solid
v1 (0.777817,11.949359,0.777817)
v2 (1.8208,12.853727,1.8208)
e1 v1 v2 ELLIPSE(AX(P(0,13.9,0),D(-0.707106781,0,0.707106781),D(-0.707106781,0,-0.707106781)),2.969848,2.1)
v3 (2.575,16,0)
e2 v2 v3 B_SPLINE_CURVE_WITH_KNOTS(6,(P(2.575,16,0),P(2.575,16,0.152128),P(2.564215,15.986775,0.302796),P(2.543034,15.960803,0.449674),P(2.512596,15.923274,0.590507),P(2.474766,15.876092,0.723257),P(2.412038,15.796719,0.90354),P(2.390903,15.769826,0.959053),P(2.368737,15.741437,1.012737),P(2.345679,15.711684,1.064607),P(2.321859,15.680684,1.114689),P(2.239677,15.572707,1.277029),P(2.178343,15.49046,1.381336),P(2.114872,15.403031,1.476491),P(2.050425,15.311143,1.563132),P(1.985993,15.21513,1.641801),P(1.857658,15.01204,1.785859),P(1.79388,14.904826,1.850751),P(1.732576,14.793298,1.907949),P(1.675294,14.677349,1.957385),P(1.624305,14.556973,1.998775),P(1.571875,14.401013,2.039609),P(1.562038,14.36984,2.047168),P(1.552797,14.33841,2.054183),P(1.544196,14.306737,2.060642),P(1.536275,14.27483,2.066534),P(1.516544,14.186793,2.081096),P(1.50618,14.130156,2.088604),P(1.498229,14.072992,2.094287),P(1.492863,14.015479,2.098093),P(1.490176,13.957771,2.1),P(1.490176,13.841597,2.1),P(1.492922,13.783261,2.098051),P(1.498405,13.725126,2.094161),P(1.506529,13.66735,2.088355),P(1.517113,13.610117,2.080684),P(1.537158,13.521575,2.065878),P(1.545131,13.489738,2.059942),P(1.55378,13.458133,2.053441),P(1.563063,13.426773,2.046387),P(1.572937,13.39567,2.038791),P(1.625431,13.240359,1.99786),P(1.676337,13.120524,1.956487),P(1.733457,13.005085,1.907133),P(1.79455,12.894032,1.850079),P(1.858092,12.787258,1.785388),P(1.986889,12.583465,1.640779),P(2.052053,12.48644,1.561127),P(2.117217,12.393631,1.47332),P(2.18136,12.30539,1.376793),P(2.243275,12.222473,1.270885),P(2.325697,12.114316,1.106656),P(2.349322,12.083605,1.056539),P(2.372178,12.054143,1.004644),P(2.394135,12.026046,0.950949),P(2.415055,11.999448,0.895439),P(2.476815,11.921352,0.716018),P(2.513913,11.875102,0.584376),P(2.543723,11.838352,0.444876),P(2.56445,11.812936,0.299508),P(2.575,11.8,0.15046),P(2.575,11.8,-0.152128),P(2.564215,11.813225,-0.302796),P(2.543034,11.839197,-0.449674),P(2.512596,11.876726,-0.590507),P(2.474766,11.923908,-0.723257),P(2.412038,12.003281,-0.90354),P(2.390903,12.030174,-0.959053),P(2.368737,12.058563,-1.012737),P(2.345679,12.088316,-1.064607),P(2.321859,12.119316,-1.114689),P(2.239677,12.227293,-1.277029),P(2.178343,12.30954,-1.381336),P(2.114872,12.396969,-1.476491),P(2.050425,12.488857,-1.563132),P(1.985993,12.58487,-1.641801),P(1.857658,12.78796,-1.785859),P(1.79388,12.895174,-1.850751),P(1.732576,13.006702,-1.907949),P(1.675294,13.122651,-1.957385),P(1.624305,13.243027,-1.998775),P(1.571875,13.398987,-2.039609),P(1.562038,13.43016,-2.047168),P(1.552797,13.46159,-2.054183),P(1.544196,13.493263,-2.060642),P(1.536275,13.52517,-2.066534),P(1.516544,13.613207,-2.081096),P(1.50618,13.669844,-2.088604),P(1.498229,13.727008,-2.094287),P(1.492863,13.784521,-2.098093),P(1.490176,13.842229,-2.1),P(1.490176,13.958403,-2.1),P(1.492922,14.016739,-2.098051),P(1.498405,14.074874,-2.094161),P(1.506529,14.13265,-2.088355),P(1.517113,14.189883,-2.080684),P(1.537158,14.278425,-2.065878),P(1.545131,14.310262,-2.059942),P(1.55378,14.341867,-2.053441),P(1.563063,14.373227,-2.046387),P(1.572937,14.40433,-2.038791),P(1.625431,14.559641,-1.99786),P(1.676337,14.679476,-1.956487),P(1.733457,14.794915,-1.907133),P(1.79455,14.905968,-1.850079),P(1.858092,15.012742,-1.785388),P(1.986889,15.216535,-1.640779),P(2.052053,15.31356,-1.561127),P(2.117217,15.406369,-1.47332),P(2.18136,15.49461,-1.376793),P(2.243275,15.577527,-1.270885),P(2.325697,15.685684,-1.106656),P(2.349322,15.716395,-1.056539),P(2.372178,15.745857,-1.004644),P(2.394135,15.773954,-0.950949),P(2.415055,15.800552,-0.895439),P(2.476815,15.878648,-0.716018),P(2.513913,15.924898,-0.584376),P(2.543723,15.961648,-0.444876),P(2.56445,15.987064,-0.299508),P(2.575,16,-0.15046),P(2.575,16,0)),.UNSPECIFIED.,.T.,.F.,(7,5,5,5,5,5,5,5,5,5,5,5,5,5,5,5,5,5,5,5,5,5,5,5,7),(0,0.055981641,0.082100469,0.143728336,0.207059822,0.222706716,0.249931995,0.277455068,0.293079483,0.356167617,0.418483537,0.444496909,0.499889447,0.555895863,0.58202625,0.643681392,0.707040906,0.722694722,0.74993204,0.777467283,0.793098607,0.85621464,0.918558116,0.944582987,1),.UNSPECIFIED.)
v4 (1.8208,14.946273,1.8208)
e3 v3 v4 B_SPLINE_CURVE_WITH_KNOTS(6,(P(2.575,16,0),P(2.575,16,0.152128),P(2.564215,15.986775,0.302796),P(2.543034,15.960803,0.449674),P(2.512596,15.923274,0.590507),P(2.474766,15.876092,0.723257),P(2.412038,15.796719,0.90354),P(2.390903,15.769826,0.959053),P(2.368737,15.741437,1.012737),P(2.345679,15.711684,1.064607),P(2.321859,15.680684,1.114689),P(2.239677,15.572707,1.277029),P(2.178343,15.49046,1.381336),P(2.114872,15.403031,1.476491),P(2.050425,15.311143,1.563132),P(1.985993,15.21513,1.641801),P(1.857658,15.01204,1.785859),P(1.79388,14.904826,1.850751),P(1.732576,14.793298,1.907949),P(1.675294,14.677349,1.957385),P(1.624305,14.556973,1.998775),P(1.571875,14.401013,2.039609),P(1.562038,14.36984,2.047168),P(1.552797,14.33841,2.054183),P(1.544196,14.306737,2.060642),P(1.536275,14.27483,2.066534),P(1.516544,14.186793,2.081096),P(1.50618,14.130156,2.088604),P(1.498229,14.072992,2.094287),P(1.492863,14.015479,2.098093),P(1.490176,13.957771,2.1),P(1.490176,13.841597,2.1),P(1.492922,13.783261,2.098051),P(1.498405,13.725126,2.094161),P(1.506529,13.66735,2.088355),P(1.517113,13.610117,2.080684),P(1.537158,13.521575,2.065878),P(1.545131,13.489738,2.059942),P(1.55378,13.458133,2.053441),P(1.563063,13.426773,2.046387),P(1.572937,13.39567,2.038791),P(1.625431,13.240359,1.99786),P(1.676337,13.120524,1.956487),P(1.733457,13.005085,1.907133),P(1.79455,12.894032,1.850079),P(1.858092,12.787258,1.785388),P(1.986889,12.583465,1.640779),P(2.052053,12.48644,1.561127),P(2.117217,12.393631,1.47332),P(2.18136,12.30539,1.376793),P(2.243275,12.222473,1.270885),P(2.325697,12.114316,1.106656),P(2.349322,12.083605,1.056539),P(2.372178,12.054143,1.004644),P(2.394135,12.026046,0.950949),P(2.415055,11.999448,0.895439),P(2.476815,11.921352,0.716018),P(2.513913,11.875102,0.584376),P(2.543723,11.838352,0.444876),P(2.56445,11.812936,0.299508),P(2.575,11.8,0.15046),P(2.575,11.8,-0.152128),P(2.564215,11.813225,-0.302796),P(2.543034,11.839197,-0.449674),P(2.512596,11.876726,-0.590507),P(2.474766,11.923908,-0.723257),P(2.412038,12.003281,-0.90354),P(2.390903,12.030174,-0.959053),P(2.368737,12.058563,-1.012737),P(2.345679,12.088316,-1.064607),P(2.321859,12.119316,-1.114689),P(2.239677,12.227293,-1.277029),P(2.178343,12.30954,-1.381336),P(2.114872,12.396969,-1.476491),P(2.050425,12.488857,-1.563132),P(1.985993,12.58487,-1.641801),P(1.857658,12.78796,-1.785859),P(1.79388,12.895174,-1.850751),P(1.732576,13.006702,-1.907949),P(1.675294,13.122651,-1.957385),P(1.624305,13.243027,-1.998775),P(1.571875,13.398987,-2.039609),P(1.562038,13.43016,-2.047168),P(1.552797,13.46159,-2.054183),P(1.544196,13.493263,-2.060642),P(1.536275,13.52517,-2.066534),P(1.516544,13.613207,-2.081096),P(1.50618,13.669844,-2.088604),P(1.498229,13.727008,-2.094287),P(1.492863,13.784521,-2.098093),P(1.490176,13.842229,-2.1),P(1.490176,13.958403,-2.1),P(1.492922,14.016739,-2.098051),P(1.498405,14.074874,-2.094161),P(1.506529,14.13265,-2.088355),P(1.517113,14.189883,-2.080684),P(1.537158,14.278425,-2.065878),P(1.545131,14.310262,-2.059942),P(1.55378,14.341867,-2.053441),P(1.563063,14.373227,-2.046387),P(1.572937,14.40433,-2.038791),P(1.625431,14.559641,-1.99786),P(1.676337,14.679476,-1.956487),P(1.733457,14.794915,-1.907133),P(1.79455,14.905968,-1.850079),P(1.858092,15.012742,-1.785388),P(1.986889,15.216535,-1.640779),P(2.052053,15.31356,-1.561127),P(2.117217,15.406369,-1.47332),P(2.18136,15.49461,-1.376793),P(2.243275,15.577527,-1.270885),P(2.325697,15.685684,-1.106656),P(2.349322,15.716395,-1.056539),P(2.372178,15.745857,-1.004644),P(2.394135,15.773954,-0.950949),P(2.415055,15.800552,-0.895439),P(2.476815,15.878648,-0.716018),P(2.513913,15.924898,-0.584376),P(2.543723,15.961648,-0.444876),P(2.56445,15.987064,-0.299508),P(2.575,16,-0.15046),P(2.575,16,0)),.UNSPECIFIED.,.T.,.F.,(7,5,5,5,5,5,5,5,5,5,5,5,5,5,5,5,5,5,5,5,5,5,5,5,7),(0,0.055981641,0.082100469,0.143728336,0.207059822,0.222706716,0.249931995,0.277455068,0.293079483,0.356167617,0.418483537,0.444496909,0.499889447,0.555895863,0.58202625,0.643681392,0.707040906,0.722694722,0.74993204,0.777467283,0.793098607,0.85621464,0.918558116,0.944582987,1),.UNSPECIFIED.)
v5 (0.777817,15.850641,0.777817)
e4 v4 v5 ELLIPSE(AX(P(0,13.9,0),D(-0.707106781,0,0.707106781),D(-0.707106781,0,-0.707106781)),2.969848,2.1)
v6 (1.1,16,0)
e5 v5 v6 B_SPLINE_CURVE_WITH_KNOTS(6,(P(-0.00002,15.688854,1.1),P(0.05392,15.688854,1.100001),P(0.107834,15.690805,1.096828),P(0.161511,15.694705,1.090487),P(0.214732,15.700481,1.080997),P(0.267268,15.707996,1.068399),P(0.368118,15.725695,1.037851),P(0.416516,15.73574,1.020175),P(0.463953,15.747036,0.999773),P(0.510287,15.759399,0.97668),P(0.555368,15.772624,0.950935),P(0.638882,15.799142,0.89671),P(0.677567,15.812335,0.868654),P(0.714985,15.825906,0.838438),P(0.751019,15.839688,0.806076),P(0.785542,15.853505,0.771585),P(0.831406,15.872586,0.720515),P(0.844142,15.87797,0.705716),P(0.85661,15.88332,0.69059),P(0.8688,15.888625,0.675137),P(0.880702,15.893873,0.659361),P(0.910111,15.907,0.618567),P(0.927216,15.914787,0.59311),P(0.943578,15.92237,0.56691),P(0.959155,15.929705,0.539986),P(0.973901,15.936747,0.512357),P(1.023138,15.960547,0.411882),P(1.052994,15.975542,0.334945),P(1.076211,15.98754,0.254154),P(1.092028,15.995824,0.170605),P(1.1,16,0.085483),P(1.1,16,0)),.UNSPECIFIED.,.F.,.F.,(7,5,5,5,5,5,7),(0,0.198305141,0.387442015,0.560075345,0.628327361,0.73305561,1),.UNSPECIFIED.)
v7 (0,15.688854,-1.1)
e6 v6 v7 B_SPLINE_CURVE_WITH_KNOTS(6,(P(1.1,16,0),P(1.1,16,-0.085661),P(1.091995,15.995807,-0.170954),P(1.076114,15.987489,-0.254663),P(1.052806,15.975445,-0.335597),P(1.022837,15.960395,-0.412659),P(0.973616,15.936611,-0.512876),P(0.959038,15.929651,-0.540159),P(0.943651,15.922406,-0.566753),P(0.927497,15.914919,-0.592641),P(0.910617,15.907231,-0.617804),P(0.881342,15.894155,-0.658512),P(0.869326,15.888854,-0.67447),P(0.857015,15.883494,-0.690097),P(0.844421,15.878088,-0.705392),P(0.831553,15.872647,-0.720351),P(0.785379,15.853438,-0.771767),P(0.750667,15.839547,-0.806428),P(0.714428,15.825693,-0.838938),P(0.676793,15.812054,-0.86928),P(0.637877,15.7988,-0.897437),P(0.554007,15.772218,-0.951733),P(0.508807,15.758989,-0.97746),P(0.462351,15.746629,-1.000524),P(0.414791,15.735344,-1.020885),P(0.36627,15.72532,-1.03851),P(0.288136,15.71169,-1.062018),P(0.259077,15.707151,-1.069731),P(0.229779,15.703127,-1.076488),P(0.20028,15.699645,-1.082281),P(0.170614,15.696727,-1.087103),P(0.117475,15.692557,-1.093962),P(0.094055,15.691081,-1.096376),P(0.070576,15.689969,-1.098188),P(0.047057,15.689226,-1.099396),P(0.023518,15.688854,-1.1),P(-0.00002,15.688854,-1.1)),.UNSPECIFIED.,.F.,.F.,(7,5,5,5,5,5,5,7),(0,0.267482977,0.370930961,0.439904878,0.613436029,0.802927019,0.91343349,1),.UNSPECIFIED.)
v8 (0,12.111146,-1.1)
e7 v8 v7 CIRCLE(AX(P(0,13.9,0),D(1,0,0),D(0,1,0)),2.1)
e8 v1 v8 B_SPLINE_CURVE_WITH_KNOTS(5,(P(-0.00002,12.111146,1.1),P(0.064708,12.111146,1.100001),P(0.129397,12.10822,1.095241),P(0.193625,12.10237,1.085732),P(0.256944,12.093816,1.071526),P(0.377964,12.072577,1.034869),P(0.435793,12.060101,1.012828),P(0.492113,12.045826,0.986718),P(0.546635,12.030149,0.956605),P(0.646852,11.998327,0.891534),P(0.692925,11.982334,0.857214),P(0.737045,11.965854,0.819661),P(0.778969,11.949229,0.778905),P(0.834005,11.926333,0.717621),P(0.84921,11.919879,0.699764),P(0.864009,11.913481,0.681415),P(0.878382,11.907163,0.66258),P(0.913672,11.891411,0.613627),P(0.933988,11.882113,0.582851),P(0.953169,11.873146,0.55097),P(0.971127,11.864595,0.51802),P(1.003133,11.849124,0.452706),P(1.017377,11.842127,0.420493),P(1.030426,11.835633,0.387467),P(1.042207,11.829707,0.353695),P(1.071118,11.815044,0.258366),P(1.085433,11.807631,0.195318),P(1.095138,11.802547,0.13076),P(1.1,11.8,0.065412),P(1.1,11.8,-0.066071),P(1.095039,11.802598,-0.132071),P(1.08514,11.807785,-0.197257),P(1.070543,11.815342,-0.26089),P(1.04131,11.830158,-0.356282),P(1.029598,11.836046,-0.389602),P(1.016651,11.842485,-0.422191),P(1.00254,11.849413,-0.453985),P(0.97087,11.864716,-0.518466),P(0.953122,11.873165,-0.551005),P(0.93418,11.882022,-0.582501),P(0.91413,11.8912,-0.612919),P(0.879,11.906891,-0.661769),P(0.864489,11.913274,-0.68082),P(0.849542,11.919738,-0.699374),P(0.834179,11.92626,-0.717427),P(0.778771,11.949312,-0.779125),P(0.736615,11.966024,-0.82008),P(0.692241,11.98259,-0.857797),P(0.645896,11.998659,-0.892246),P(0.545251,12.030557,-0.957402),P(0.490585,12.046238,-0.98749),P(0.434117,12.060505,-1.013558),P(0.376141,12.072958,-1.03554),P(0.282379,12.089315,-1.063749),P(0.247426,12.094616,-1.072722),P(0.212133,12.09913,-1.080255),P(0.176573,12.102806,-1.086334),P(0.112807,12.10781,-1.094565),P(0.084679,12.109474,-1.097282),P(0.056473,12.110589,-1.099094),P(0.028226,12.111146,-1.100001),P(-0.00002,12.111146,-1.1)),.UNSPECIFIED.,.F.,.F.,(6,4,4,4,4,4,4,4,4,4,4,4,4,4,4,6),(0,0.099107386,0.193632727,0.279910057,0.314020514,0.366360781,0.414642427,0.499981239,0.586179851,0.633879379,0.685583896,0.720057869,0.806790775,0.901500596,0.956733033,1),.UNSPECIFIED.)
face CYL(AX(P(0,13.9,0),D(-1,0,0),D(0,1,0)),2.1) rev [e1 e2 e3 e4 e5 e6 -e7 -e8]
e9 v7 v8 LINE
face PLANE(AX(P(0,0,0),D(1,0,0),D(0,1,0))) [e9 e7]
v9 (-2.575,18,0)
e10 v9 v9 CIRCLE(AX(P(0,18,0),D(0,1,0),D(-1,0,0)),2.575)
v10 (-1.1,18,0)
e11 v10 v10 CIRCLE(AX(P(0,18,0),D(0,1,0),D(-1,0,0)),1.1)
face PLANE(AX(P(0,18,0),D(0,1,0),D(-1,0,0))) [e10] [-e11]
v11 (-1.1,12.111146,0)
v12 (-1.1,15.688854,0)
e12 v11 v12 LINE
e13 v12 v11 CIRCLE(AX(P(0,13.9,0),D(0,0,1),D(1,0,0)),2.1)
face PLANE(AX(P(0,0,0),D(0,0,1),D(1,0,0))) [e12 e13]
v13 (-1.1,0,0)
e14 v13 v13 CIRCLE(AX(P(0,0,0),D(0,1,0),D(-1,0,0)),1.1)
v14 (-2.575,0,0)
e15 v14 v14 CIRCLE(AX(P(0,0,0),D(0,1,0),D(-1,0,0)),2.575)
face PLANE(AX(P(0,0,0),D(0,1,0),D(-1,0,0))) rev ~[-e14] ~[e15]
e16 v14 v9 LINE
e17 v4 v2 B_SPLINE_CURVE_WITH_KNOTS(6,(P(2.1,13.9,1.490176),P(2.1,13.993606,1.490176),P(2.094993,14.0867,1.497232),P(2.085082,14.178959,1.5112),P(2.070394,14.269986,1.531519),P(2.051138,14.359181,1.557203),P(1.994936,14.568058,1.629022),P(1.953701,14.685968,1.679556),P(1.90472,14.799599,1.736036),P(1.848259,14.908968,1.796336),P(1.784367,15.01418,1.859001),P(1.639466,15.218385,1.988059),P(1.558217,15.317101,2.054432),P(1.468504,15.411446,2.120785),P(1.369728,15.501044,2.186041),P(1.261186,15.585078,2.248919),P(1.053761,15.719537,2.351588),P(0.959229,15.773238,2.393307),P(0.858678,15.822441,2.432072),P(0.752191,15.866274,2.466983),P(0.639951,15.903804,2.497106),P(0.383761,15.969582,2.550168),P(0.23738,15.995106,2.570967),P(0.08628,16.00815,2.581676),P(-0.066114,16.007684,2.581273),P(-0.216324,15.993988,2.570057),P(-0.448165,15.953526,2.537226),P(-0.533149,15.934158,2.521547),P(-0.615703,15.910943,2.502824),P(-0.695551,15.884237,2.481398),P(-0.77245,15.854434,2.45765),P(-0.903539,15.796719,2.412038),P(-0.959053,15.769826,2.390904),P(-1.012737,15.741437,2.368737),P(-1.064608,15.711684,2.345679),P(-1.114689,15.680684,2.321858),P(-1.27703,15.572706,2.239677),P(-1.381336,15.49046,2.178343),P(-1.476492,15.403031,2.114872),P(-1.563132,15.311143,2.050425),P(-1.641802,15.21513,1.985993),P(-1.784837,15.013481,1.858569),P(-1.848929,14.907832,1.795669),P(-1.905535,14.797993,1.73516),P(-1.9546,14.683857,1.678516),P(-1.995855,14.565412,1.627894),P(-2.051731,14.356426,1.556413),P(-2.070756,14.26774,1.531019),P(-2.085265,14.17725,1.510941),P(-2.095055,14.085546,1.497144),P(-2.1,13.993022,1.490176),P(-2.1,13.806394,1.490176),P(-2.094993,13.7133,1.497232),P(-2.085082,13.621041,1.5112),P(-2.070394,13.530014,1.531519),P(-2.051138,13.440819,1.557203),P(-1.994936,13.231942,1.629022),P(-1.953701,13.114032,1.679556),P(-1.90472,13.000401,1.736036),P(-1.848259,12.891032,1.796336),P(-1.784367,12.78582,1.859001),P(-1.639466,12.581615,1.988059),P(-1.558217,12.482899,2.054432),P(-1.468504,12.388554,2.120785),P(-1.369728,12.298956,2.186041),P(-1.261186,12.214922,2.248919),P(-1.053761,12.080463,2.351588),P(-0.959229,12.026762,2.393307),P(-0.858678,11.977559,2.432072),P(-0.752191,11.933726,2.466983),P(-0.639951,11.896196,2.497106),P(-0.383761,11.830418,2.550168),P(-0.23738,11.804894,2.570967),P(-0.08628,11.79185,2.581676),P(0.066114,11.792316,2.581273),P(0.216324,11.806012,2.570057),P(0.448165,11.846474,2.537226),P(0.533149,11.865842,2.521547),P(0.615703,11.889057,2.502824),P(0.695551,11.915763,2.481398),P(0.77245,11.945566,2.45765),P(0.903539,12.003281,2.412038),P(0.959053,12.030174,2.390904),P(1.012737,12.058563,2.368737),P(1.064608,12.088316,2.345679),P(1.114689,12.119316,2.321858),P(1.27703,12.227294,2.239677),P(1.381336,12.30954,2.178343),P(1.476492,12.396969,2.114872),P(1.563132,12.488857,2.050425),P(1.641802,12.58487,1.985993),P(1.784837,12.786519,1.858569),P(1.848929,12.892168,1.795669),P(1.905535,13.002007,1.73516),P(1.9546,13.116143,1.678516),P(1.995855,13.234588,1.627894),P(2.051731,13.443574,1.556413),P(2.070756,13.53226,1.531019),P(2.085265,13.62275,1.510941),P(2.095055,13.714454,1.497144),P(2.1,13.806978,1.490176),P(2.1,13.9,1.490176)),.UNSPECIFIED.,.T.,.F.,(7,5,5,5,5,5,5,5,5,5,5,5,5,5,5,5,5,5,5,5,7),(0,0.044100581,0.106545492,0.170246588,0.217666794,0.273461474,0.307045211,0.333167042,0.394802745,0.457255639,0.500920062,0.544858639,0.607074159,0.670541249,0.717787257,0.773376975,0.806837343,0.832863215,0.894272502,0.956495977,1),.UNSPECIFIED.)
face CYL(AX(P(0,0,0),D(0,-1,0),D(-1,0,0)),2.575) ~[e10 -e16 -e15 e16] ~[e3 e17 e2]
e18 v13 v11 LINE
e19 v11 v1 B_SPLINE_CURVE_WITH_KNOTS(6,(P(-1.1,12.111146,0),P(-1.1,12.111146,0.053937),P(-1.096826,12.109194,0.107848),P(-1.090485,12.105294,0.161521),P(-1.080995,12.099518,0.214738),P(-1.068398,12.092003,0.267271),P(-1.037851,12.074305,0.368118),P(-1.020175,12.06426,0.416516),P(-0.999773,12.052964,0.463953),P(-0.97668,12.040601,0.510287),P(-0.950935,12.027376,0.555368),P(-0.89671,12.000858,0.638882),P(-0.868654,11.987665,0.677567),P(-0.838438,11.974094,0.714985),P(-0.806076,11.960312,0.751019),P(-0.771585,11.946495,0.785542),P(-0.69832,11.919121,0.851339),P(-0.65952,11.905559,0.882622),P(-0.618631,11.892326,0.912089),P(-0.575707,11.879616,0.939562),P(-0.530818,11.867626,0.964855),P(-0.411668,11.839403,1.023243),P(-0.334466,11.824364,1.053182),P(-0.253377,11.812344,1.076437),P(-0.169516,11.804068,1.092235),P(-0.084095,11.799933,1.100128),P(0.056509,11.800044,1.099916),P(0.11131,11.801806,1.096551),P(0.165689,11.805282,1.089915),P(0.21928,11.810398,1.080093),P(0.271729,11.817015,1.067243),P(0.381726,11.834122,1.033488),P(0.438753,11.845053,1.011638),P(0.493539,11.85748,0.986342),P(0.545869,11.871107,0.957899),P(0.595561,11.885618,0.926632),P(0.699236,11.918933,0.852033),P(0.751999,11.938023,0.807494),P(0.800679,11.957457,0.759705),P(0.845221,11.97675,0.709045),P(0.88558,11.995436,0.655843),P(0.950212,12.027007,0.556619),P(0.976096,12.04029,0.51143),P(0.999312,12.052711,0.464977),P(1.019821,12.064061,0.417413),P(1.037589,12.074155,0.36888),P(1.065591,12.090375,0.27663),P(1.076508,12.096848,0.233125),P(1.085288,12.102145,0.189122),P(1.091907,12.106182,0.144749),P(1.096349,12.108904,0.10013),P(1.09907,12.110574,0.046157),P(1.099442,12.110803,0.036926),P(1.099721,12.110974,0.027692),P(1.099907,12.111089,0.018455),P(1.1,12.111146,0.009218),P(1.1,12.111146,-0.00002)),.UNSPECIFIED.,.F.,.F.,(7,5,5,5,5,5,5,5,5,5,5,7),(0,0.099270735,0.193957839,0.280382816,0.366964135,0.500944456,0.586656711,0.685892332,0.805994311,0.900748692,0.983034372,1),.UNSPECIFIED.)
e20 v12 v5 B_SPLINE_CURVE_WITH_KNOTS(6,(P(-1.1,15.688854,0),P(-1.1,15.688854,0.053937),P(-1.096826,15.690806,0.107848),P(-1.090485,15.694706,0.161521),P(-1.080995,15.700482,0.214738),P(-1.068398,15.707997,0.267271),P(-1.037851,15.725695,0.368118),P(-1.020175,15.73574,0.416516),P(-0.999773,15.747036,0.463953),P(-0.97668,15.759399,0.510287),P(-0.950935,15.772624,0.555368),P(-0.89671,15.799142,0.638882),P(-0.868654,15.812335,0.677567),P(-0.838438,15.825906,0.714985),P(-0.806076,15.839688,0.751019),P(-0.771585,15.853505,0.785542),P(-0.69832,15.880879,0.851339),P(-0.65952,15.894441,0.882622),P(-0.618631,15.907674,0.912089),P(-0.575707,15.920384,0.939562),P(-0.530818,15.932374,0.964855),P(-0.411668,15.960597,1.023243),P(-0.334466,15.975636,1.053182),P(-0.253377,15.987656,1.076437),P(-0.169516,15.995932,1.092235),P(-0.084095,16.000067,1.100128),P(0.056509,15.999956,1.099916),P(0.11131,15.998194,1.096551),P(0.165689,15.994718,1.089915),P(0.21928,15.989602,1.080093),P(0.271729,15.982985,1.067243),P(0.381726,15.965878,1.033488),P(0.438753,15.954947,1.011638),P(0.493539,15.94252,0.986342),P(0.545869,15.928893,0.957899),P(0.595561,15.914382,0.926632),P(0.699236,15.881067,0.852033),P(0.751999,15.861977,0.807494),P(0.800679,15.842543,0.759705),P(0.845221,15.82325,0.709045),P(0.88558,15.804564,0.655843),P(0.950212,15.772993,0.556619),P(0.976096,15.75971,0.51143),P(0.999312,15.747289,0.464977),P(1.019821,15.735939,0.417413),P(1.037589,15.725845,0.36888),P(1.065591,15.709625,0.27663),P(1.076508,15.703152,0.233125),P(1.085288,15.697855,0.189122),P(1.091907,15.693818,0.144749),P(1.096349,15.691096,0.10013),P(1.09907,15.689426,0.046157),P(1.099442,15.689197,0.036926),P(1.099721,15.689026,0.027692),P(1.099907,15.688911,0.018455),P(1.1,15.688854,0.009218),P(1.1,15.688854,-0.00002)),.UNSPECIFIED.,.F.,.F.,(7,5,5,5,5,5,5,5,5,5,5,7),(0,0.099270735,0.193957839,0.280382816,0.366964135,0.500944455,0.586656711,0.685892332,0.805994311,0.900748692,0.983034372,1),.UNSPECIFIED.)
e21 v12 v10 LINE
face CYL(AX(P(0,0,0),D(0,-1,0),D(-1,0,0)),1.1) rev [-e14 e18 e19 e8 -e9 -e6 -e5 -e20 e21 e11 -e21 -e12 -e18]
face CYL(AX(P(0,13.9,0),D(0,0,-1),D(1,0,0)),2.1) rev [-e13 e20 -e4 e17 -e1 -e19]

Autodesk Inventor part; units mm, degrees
ref_plane "XZ Plane" through (0, 0, 0) normal (0, 1, 0) x (-1, 0, 0)
ref_plane "XY Plane" through (0, 0, 0) normal (0, 0, 1) x (1, 0, 0)
sketch "Sketch1" plane through (0, 0, 0) normal (0, 1, 0) x (-1, 0, 0)
  circle A0 centre (0, 0) radius 1.1
  circle A1 centre (0, 0) radius 2.575
  dimension "d0" = 2.2
  dimension "d1" = 5.15
extrude "Extrusion1" add sketch "Sketch1" along normal blind 18
sketch "Sketch2" plane through (0, 0, 0) normal (0, 0, 1) x (1, 0, 0)
  line L0 (2.575, 18) -> (-2.575, 18) projected
  line L1 (2.575, 0) -> (-2.575, 0) projected
  line L2 (-2.575, 0) -> (-2.575, 18) projected
  line L3 (-2.575, 16) -> (2.5173, 16)
  line L4 (2.575, 18) -> (-2.575, 18) projected
  line L5 (0, 18) -> (0, 0)
  circle A0 centre (0, 13.9) radius 2.1
  dimension "d4" = 2
  dimension "d5" = 4.2
extrude "Extrusion2" cut sketch "Sketch2" along normal blind 12 contours A0 L5 | L5 A0
sketch "Sketch3" plane through (0, 0, 0) normal (1, 0, 0) x (0, 1, 0)
  line L0 (18, -2.575) -> (18, 2.575) projected
  line L1 (0, -2.575) -> (0, 2.575) projected
  line L2 (0, 2.575) -> (18, 2.575) projected
  line L3 (16, 2.575) -> (16, -2.525)
  line L4 (18, 1.1) -> (18, -1.1) projected
  line L5 (18, 0) -> (0, 0)
  circle A0 centre (13.9, 0) radius 2.1
  point P0 (13.9, 1.4902)
  dimension "d8" = 2
  dimension "d9" = 4.2
extrude "Extrusion3" cut sketch "Sketch3" along normal up to next contours A0 L5 | L5 A0
properties part number "motor_shaft_adapter"
